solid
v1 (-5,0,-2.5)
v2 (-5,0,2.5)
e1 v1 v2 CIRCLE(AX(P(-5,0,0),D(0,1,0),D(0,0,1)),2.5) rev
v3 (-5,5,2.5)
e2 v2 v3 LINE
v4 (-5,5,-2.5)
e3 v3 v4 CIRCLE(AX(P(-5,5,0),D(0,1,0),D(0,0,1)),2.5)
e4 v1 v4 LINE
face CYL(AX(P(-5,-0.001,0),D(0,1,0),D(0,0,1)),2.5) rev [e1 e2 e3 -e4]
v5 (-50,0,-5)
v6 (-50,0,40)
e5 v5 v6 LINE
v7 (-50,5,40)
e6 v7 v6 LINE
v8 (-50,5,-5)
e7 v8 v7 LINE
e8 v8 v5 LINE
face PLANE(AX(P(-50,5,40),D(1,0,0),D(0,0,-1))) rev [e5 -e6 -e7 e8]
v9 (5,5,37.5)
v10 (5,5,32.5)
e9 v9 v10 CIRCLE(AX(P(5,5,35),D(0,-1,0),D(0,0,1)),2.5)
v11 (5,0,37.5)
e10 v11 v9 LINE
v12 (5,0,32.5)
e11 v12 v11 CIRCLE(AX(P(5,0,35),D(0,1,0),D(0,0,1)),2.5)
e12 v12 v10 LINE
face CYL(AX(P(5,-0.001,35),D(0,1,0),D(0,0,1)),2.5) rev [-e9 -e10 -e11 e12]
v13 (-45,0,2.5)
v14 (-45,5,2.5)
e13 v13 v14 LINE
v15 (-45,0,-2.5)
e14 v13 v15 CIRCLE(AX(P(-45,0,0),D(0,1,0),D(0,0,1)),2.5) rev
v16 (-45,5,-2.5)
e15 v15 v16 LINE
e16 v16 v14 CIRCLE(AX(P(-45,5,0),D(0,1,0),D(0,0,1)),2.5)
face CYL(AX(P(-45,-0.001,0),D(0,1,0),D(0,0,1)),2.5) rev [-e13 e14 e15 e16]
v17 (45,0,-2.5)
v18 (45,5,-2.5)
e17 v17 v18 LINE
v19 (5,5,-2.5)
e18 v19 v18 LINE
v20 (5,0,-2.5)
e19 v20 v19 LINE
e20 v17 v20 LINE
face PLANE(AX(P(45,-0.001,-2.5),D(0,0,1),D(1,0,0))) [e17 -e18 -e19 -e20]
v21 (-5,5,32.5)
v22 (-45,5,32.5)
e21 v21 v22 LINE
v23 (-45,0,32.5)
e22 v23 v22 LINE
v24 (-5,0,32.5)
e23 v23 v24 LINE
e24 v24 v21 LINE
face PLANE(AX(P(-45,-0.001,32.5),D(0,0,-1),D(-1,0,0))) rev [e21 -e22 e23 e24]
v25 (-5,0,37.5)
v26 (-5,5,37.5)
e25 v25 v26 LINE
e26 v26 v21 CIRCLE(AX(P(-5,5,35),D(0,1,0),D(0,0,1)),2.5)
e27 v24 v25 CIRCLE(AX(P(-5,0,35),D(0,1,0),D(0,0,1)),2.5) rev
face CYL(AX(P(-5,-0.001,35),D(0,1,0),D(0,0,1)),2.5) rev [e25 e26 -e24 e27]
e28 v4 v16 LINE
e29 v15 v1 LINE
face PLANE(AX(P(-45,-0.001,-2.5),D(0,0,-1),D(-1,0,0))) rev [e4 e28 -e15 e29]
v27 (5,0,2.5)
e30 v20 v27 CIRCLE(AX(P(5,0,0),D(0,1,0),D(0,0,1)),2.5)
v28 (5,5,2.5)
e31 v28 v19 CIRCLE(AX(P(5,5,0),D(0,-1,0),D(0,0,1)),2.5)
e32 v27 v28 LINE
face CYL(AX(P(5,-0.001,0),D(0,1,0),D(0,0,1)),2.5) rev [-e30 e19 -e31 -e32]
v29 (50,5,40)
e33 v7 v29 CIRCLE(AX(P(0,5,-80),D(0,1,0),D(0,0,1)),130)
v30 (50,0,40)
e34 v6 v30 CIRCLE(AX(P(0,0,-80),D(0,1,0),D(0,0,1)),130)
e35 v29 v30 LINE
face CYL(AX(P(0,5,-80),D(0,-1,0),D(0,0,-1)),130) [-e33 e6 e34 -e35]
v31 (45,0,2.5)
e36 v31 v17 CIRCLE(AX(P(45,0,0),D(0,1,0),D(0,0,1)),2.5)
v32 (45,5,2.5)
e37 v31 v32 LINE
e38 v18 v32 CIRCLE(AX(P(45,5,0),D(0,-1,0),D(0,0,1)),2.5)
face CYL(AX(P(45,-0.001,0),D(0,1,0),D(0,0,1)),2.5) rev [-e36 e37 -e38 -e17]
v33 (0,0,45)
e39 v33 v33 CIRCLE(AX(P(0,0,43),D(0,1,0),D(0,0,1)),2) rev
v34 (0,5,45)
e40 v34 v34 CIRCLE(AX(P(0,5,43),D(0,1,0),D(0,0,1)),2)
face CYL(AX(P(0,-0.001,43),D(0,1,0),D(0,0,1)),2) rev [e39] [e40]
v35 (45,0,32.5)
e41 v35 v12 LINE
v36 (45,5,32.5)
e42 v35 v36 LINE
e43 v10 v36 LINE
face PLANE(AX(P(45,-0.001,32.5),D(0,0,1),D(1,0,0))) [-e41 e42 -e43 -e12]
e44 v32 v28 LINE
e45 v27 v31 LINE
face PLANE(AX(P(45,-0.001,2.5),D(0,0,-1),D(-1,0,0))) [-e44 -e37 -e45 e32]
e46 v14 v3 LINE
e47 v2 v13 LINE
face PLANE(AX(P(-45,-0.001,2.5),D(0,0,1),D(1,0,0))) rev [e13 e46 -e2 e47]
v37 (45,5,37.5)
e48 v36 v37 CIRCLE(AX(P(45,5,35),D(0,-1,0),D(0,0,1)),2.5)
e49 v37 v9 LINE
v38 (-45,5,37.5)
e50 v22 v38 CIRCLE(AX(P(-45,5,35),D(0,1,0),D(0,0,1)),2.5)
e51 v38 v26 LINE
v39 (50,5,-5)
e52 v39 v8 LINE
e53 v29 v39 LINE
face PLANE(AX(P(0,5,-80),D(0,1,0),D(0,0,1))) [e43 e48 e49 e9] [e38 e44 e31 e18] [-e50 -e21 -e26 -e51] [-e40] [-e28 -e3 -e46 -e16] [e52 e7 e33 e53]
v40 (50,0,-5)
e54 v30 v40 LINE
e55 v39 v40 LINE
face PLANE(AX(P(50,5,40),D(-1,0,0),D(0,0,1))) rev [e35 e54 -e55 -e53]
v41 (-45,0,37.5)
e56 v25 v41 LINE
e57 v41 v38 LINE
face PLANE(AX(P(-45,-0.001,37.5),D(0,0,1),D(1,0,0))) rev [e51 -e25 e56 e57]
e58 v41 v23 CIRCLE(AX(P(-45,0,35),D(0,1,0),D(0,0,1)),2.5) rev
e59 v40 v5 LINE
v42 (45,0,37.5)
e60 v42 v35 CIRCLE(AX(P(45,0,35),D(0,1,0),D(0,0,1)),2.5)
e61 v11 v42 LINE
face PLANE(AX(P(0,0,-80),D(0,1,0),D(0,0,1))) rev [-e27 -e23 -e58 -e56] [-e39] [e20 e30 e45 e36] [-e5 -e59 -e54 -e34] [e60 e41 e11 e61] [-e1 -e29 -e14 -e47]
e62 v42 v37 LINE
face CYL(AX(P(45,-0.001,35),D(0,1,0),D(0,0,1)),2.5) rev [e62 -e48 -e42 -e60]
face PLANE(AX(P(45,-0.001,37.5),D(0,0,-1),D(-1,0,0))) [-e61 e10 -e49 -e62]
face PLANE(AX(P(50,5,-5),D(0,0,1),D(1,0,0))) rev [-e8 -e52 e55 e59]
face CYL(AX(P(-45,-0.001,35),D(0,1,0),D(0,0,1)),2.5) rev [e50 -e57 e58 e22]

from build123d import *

# Parameters (mm, degrees)
BOSS_EXTRUDE1_DEPTH = 5
CUT_EXTRUDE1_REACH  = 72.887
CUT_EXTRUDE2_REACH  = 72.887
SKETCH3_R           = 2


with BuildPart() as part:
    # Sketch1 → Boss-Extrude1 (new body)
    with BuildSketch(Plane(origin=(0, 0, 0), x_dir=(1, 0, 0), z_dir=(0, 1, 0))):
        with BuildLine():
            Line((50, -40), (50, 5))
            Line((50, 5), (-50, 5))
            Line((-50, 5), (-50, -40))
            ThreePointArc((-50, -40), (0, -50), (50, -40))
        make_face()
    extrude(amount=BOSS_EXTRUDE1_DEPTH)

    # Sketch2 → Cut-Extrude1 (cut, up to next)
    with BuildSketch(Plane(origin=(0, 5, 0), x_dir=(1, 0, 0), z_dir=(0, 1, 0)), mode=Mode.PRIVATE) as cut_extrude1_sk1:
        with BuildLine():
            Line((-45, -32.5), (-5, -32.5))
            ThreePointArc((-5, -32.5), (-2.5, -35), (-5, -37.5))
            Line((-5, -37.5), (-45, -37.5))
            ThreePointArc((-45, -37.5), (-47.5, -35), (-45, -32.5))
        make_face()
    cut_extrude1_tool1 = extrude(cut_extrude1_sk1.sketch, amount=-CUT_EXTRUDE1_REACH, mode=Mode.PRIVATE) & part.part
    # Sketch2 → Cut-Extrude1 (cut, up to next)
    with BuildSketch(Plane(origin=(0, 5, 0), x_dir=(1, 0, 0), z_dir=(0, 1, 0)), mode=Mode.PRIVATE) as cut_extrude1_sk2:
        with BuildLine():
            Line((-45, 2.5), (-5, 2.5))
            ThreePointArc((-5, 2.5), (-2.5, 0), (-5, -2.5))
            Line((-5, -2.5), (-45, -2.5))
            ThreePointArc((-45, -2.5), (-47.5, 0), (-45, 2.5))
        make_face()
    cut_extrude1_tool2 = extrude(cut_extrude1_sk2.sketch, amount=-CUT_EXTRUDE1_REACH, mode=Mode.PRIVATE) & part.part
    cut_extrude1_1 = cut_extrude1_tool1.solids().sort_by_distance((-25, 5, 35))[0]
    add(cut_extrude1_1, mode=Mode.SUBTRACT)
    cut_extrude1_2 = cut_extrude1_tool2.solids().sort_by_distance((-25, 5, 0))[0]
    add(cut_extrude1_2, mode=Mode.SUBTRACT)
    cut_extrude1 = cut_extrude1_1 + cut_extrude1_2  # Cut-Extrude1 as one shape, for the pattern or mirror that repeats it

    # Mirror1: Cut-Extrude1 across plane
    add(cut_extrude1.mirror(Plane(origin=(0, 0, 0), x_dir=(0, 0, 1), z_dir=(1, 0, 0))), mode=Mode.SUBTRACT)

    # Sketch3 → Cut-Extrude2 (cut, up to next)
    with BuildSketch(Plane(origin=(0, 5, 0), x_dir=(1, 0, 0), z_dir=(0, 1, 0)), mode=Mode.PRIVATE) as cut_extrude2_sk1:
        with Locations(Location((0, -43, 0), (0, 0, 270))):
            Circle(SKETCH3_R)
    cut_extrude2_tool1 = extrude(cut_extrude2_sk1.sketch, amount=-CUT_EXTRUDE2_REACH, mode=Mode.PRIVATE) & part.part
    add(cut_extrude2_tool1.solids().sort_by_distance((0, 5, 43))[0], mode=Mode.SUBTRACT)


solid = part.part
